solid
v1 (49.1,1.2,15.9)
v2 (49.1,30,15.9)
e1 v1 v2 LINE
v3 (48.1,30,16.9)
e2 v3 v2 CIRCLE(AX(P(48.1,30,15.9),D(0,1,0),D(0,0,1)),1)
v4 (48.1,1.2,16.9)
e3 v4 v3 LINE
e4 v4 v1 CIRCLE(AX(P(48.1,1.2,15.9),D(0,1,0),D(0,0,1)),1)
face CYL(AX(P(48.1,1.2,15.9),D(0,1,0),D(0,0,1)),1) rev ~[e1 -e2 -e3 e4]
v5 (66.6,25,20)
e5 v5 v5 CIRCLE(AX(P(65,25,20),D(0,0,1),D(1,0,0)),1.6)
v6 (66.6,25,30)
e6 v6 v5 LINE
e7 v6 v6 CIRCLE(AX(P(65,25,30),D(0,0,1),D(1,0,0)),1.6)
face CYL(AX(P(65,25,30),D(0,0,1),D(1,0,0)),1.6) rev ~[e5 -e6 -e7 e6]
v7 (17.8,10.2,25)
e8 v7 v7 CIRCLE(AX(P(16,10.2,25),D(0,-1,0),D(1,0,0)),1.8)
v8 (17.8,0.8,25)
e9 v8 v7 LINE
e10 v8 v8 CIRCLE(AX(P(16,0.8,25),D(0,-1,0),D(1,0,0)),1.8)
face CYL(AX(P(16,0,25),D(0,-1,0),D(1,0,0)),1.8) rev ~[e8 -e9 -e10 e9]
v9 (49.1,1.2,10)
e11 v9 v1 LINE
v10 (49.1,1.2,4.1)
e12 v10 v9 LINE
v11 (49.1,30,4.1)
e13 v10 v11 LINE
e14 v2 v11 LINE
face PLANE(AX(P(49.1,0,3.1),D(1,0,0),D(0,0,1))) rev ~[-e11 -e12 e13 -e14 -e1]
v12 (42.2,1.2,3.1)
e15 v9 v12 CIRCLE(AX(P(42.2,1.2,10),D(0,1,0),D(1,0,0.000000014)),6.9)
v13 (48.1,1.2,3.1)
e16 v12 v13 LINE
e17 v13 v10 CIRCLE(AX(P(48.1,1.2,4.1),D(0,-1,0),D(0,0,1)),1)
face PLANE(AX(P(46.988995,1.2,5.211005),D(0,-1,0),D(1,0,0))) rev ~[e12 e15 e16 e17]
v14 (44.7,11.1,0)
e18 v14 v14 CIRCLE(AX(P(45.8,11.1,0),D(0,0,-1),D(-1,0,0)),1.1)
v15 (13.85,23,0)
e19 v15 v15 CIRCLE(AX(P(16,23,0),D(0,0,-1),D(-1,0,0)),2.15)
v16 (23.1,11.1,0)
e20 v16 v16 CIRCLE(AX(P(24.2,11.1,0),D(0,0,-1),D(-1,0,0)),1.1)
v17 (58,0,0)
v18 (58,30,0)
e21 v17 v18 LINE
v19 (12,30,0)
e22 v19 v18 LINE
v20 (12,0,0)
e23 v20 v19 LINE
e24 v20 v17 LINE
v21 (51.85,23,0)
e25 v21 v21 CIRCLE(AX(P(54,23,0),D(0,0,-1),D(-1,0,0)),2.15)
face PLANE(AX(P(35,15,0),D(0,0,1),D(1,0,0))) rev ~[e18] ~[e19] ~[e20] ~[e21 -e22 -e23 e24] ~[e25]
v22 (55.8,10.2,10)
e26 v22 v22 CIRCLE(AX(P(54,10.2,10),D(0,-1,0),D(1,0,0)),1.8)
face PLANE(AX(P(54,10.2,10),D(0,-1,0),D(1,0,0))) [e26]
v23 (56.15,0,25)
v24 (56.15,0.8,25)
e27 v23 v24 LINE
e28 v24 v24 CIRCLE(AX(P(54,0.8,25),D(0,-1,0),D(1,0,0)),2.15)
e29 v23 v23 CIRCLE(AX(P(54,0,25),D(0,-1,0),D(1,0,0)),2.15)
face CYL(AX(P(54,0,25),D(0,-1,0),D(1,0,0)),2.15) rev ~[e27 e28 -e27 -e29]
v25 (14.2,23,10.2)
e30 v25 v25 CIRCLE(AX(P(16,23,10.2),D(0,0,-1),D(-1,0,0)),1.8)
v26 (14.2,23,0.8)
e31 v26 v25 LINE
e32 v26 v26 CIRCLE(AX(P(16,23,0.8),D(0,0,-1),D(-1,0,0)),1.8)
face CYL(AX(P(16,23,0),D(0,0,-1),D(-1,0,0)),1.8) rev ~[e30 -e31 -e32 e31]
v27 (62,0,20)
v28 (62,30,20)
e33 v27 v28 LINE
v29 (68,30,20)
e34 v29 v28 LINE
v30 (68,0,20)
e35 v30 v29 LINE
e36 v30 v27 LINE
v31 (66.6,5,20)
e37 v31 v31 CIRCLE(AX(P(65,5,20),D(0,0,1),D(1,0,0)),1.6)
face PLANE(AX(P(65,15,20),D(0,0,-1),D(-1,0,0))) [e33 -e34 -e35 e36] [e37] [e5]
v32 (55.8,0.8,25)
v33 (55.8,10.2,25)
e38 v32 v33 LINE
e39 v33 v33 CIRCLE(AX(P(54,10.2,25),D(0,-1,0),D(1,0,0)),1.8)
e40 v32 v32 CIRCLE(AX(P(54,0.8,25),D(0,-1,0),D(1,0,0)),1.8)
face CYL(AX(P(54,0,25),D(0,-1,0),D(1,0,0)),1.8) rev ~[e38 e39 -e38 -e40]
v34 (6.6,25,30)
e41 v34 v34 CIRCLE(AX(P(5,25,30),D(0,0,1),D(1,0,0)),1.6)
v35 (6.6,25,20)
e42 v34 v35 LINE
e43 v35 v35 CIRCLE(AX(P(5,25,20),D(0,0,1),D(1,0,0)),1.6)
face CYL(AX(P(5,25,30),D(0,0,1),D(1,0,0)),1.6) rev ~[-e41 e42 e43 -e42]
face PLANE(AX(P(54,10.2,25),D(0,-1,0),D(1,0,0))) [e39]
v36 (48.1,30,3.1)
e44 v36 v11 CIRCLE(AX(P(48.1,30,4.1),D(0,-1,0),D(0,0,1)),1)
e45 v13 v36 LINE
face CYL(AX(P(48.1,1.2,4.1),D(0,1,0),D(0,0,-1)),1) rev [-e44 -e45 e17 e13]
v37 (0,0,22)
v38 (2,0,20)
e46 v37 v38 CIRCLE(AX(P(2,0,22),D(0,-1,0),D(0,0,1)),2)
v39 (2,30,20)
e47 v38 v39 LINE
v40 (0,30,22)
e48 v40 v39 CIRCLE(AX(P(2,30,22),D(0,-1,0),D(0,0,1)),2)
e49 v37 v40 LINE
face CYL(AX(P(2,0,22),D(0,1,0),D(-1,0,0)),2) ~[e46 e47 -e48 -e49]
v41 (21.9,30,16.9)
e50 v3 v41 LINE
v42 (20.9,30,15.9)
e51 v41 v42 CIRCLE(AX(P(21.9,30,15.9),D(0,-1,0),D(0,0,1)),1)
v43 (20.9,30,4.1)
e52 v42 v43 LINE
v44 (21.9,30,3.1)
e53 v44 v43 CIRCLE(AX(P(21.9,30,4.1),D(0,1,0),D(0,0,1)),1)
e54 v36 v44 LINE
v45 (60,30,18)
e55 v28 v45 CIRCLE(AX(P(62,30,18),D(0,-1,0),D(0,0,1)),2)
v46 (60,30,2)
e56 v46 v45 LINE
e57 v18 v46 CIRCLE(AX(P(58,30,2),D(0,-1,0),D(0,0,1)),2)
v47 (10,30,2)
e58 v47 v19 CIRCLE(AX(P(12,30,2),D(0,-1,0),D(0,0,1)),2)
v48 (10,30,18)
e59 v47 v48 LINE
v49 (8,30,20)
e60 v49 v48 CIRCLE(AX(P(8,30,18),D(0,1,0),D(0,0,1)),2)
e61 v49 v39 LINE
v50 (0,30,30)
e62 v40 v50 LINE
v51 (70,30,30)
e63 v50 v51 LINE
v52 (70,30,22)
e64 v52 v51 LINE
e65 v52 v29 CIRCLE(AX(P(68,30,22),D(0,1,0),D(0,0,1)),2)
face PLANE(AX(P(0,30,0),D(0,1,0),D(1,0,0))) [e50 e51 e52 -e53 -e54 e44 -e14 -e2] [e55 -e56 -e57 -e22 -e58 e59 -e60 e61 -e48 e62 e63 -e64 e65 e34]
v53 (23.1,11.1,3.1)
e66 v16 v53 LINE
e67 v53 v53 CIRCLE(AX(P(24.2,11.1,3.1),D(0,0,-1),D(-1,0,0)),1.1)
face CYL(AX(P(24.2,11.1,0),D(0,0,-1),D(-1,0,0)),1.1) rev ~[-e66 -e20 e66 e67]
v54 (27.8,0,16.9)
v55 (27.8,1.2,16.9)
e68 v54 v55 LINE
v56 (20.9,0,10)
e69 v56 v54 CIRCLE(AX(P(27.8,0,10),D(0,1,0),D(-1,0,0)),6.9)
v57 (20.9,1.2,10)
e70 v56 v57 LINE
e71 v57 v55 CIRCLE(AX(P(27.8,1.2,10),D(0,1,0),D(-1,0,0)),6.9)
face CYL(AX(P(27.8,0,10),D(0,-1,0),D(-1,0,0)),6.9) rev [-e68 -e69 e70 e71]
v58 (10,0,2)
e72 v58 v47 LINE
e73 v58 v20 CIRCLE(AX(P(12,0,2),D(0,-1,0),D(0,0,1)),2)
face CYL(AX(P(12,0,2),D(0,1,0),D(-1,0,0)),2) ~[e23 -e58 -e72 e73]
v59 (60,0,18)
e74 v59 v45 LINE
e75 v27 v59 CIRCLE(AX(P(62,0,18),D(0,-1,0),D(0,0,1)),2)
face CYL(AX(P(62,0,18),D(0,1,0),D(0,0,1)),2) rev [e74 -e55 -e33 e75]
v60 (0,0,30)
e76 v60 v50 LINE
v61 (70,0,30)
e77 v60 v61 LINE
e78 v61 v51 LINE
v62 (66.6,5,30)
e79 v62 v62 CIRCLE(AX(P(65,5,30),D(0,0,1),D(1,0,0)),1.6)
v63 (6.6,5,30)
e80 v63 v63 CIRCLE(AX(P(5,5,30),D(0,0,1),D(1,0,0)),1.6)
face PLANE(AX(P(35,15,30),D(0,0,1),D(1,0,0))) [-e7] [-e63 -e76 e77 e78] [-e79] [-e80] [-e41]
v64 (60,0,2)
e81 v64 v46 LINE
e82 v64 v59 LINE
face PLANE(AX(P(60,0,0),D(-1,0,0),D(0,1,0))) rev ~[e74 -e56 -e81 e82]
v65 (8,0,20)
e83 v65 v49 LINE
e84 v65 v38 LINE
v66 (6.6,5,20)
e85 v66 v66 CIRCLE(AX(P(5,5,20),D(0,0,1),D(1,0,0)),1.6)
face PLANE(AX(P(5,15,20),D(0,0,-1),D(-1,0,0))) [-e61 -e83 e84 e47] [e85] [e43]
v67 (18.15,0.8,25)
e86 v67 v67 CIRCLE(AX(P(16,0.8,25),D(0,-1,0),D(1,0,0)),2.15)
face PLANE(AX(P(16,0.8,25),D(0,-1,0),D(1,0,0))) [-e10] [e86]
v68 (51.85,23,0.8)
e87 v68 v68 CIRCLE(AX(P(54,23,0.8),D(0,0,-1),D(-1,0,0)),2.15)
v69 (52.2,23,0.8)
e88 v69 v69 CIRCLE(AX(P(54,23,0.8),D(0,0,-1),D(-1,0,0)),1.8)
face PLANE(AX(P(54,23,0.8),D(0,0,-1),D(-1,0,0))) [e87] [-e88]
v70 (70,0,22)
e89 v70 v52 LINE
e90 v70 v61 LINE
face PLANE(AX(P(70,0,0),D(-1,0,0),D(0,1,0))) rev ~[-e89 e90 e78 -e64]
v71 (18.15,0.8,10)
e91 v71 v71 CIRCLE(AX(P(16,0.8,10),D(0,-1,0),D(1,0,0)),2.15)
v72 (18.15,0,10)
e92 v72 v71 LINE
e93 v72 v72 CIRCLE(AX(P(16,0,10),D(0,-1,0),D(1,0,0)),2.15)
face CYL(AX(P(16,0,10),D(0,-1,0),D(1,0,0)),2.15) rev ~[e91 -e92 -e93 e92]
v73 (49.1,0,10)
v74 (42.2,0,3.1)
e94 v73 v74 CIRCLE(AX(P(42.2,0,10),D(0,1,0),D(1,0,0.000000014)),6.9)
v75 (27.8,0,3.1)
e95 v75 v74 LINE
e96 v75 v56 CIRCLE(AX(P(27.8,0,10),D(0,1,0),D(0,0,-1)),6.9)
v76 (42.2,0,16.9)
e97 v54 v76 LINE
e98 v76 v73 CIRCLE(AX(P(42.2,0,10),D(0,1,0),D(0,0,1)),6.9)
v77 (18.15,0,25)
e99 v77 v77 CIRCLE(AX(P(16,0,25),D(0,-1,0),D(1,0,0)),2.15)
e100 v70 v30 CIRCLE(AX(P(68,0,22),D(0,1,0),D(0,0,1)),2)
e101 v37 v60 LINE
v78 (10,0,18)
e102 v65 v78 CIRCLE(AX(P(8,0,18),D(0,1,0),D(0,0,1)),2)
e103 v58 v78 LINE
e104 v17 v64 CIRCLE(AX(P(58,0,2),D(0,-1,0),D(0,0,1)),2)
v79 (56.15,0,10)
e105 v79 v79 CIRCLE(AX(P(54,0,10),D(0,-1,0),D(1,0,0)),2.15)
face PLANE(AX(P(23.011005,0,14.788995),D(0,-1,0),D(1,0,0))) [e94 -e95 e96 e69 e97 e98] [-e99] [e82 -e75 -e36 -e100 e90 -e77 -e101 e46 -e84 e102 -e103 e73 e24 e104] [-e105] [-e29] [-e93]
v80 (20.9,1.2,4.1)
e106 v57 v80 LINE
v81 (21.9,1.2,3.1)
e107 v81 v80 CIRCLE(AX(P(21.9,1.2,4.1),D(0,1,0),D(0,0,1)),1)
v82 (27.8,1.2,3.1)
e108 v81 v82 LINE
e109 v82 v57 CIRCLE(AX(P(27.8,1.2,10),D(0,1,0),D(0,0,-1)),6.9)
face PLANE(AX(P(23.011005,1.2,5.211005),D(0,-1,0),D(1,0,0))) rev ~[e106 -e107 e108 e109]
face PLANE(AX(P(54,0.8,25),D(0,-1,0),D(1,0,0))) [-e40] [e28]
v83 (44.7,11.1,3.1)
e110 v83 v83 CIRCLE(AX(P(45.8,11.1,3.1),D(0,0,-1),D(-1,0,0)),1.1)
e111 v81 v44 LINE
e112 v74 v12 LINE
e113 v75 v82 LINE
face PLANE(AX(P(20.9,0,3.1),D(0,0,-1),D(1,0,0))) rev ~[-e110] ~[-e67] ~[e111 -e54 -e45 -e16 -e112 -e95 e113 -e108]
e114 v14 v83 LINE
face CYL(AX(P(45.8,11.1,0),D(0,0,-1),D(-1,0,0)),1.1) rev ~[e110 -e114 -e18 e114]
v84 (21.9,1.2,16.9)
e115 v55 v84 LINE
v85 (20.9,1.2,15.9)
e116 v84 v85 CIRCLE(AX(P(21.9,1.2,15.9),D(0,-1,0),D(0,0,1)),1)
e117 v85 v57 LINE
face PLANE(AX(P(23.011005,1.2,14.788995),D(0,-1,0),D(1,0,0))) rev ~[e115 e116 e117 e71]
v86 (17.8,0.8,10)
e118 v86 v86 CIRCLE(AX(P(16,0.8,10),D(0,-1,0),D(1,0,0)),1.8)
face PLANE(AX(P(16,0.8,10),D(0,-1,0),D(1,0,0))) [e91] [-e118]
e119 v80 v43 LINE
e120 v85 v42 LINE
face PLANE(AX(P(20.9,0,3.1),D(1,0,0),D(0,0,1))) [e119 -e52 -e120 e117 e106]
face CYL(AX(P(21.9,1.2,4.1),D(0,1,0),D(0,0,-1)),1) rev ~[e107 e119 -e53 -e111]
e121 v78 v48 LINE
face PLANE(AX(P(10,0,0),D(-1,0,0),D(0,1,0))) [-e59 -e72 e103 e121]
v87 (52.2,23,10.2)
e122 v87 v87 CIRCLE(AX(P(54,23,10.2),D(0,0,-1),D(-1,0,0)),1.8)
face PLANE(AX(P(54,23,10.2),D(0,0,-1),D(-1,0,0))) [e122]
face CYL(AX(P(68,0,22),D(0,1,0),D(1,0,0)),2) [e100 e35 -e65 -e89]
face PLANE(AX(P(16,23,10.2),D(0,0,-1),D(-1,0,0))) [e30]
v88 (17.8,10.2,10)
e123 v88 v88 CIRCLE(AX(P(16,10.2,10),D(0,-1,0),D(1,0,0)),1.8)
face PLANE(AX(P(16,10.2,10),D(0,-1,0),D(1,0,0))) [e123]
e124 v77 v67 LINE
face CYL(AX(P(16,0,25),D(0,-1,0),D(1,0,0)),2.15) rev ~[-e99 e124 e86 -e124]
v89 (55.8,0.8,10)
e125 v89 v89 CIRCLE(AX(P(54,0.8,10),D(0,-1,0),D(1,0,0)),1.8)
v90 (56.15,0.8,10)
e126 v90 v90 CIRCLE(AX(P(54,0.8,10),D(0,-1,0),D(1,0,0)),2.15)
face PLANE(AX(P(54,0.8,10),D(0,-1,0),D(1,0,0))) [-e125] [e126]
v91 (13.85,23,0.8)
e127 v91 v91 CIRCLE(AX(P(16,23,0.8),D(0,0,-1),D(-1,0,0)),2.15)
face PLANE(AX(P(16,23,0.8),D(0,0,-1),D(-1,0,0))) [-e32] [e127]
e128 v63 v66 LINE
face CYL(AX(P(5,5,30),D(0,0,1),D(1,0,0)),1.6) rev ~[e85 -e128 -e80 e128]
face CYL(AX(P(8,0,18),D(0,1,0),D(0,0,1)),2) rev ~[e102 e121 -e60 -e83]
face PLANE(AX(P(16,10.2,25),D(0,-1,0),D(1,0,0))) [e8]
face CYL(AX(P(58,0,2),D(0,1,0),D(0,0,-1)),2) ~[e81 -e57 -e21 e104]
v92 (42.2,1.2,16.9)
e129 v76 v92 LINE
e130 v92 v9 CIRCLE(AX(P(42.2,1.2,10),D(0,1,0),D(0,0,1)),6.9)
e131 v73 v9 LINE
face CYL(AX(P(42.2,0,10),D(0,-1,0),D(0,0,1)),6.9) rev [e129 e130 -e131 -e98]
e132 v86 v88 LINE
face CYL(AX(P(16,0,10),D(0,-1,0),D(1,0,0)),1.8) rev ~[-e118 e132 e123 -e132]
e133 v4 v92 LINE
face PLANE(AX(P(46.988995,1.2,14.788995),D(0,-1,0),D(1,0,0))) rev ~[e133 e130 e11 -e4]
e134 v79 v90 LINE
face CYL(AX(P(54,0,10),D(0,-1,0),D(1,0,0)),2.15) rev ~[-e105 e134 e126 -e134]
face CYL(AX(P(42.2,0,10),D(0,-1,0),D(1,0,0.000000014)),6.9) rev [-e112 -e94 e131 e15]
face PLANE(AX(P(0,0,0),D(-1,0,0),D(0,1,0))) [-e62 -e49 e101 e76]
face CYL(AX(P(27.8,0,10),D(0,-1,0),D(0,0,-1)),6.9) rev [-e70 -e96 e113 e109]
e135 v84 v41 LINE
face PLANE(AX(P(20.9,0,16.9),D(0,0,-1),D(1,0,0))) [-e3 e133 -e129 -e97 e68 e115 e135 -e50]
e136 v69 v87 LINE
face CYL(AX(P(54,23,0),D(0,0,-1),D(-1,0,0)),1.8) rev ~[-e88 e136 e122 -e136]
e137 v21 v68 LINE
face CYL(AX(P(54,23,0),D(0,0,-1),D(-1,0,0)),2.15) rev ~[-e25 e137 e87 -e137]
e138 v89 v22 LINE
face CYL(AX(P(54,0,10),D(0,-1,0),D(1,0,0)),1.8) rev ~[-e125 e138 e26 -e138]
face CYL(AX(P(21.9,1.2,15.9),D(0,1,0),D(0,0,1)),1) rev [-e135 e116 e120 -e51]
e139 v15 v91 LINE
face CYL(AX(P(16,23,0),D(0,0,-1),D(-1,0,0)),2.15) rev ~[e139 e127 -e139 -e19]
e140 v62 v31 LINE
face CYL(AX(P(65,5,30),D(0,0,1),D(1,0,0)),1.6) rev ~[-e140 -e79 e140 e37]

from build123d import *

# Parameters (mm, degrees)
SKETCH_1_W          = 70
SKETCH_1_H          = 30
EXTRUDE_1_DEPTH     = 30
SKETCH_2_R          = 1.6
CUT_EXTRUDE_1_DEPTH = 31
SKETCH_3_W          = 28.2
SKETCH_3_H          = 13.8
CUT_EXTRUDE_2_DEPTH = 31
EXTRUDE_2_DEPTH     = 1.2
SKETCH_5_R          = 1.1
CUT_EXTRUDE_3_DEPTH = 3.1
SKETCH_6_W          = 10
SKETCH_6_H          = 30
CUT_EXTRUDE_4_DEPTH = 20
SKETCH_7_R          = 1.8
CUT_EXTRUDE_5_DEPTH = 10.2
SKETCH_8_R          = 2.15
CUT_EXTRUDE_6_DEPTH = 0.8
SKETCH_9_R          = 1.8
CUT_EXTRUDE_7_DEPTH = 10.2
SKETCH_10_R         = 2.15
CUT_EXTRUDE_8_DEPTH = 0.8
FILLET_1_R          = 2
FILLET_2_R          = 1


with BuildPart() as part:
    # 草图1 → 凸台-拉伸1 (new body)
    with BuildSketch(Plane.XY):
        with Locations((35, 15)):
            Rectangle(SKETCH_1_W, SKETCH_1_H)
    extrude(amount=EXTRUDE_1_DEPTH)

    # 草图2 → 切除-拉伸1 (cut, through all)
    with BuildSketch(Plane.XY.offset(30)):
        with Locations((5, 5)):
            Circle(SKETCH_2_R)
        with Locations((65, 5)):
            Circle(SKETCH_2_R)
        with Locations((65, 25)):
            Circle(SKETCH_2_R)
        with Locations((5, 25)):
            Circle(SKETCH_2_R)
    extrude(amount=-CUT_EXTRUDE_1_DEPTH, mode=Mode.SUBTRACT)

    # 草图3 → 切除-拉伸2 (cut, through all)
    with BuildSketch(Plane.XZ):
        with Locations((35, 10)):
            Rectangle(SKETCH_3_W, SKETCH_3_H)
    extrude(amount=-CUT_EXTRUDE_2_DEPTH, mode=Mode.SUBTRACT)

    # 草图4 → 凸台-拉伸2 (add)
    with BuildSketch(Plane.XZ):
        with BuildLine():
            ThreePointArc((20.9, 10), (22.92096321, 14.87903679), (27.8, 16.9))
            Line((27.8, 16.9), (20.9, 16.9))
            Line((20.9, 16.9), (20.9, 10))
        make_face()
        with BuildLine():
            ThreePointArc((27.8, 3.1), (22.92096321, 5.12096321), (20.9, 10))
            Line((20.9, 10), (20.9, 3.1))
            Line((20.9, 3.1), (27.8, 3.1))
        make_face()
        with BuildLine():
            Line((49.1, 16.9), (42.2, 16.9))
            ThreePointArc((42.2, 16.9), (47.079036757, 14.879036823), (49.1, 10.000000094))
            Line((49.1, 10.000000094), (49.1, 16.9))
        make_face()
        with BuildLine():
            Line((49.1, 3.1), (49.1, 10.000000094))
            ThreePointArc((49.1, 10.000000094), (47.079036823, 5.120963243), (42.2, 3.1))
            Line((42.2, 3.1), (49.1, 3.1))
        make_face()
    extrude(amount=-EXTRUDE_2_DEPTH)

    # 草图5 → 切除-拉伸3 (cut)
    with BuildSketch(Plane(origin=(0, 0, 0), x_dir=(-1, 0, 0), z_dir=(0, 0, -1))):
        with Locations((-45.8, 11.1)):
            Circle(SKETCH_5_R)
        with Locations((-24.2, 11.1)):
            Circle(SKETCH_5_R)
    extrude(amount=-CUT_EXTRUDE_3_DEPTH, mode=Mode.SUBTRACT)

    # 草图6 → 切除-拉伸4 (cut)
    with BuildSketch(Plane(origin=(0, 0, 0), x_dir=(-1, 0, 0), z_dir=(0, 0, -1))):
        with Locations((-65, 15)):
            Rectangle(SKETCH_6_W, SKETCH_6_H)
        with Locations((-5, 15)):
            Rectangle(SKETCH_6_W, SKETCH_6_H)
    extrude(amount=-CUT_EXTRUDE_4_DEPTH, mode=Mode.SUBTRACT)

    # 草图7 → 切除-拉伸5 (cut)
    with BuildSketch(Plane.XZ):
        with Locations((54, 10)):
            Circle(SKETCH_7_R)
        with Locations((16, 10)):
            Circle(SKETCH_7_R)
        with Locations((54, 25)):
            Circle(SKETCH_7_R)
        with Locations((16, 25)):
            Circle(SKETCH_7_R)
    extrude(amount=-CUT_EXTRUDE_5_DEPTH, mode=Mode.SUBTRACT)

    # 草图8 → 切除-拉伸6 (cut)
    with BuildSketch(Plane.XZ):
        with Locations((54, 10)):
            Circle(SKETCH_8_R)
        with Locations((16, 10)):
            Circle(SKETCH_8_R)
        with Locations((54, 25)):
            Circle(SKETCH_8_R)
        with Locations((16, 25)):
            Circle(SKETCH_8_R)
    extrude(amount=-CUT_EXTRUDE_6_DEPTH, mode=Mode.SUBTRACT)

    # 草图9 → 切除-拉伸7 (cut)
    with BuildSketch(Plane(origin=(0, 0, 0), x_dir=(-1, 0, 0), z_dir=(0, 0, -1))):
        with Locations((-54, 23)):
            Circle(SKETCH_9_R)
        with Locations((-16, 23)):
            Circle(SKETCH_9_R)
    extrude(amount=-CUT_EXTRUDE_7_DEPTH, mode=Mode.SUBTRACT)

    # 草图10 → 切除-拉伸8 (cut)
    with BuildSketch(Plane(origin=(0, 0, 0), x_dir=(-1, 0, 0), z_dir=(0, 0, -1))):
        with Locations((-54, 23)):
            Circle(SKETCH_10_R)
        with Locations((-16, 23)):
            Circle(SKETCH_10_R)
    extrude(amount=-CUT_EXTRUDE_8_DEPTH, mode=Mode.SUBTRACT)

    # 圆角1
    fillet_1_edges = [part.edges().sort_by_distance(p)[0] for p in [
        (60, 15, 0),
        (70, 15, 20),
        (60, 15, 20),
        (10, 15, 0),
        (10, 15, 20),
        (0, 15, 20),
    ]]
    fillet(fillet_1_edges, radius=FILLET_1_R)

    # 圆角2
    fillet_2_edges = [part.edges().sort_by_distance(p)[0] for p in [
        (20.9, 15.6, 3.1),
        (20.9, 15.6, 16.9),
        (49.1, 15.6, 16.9),
        (49.1, 15.6, 3.1),
    ]]
    fillet(fillet_2_edges, radius=FILLET_2_R)


solid = part.part
